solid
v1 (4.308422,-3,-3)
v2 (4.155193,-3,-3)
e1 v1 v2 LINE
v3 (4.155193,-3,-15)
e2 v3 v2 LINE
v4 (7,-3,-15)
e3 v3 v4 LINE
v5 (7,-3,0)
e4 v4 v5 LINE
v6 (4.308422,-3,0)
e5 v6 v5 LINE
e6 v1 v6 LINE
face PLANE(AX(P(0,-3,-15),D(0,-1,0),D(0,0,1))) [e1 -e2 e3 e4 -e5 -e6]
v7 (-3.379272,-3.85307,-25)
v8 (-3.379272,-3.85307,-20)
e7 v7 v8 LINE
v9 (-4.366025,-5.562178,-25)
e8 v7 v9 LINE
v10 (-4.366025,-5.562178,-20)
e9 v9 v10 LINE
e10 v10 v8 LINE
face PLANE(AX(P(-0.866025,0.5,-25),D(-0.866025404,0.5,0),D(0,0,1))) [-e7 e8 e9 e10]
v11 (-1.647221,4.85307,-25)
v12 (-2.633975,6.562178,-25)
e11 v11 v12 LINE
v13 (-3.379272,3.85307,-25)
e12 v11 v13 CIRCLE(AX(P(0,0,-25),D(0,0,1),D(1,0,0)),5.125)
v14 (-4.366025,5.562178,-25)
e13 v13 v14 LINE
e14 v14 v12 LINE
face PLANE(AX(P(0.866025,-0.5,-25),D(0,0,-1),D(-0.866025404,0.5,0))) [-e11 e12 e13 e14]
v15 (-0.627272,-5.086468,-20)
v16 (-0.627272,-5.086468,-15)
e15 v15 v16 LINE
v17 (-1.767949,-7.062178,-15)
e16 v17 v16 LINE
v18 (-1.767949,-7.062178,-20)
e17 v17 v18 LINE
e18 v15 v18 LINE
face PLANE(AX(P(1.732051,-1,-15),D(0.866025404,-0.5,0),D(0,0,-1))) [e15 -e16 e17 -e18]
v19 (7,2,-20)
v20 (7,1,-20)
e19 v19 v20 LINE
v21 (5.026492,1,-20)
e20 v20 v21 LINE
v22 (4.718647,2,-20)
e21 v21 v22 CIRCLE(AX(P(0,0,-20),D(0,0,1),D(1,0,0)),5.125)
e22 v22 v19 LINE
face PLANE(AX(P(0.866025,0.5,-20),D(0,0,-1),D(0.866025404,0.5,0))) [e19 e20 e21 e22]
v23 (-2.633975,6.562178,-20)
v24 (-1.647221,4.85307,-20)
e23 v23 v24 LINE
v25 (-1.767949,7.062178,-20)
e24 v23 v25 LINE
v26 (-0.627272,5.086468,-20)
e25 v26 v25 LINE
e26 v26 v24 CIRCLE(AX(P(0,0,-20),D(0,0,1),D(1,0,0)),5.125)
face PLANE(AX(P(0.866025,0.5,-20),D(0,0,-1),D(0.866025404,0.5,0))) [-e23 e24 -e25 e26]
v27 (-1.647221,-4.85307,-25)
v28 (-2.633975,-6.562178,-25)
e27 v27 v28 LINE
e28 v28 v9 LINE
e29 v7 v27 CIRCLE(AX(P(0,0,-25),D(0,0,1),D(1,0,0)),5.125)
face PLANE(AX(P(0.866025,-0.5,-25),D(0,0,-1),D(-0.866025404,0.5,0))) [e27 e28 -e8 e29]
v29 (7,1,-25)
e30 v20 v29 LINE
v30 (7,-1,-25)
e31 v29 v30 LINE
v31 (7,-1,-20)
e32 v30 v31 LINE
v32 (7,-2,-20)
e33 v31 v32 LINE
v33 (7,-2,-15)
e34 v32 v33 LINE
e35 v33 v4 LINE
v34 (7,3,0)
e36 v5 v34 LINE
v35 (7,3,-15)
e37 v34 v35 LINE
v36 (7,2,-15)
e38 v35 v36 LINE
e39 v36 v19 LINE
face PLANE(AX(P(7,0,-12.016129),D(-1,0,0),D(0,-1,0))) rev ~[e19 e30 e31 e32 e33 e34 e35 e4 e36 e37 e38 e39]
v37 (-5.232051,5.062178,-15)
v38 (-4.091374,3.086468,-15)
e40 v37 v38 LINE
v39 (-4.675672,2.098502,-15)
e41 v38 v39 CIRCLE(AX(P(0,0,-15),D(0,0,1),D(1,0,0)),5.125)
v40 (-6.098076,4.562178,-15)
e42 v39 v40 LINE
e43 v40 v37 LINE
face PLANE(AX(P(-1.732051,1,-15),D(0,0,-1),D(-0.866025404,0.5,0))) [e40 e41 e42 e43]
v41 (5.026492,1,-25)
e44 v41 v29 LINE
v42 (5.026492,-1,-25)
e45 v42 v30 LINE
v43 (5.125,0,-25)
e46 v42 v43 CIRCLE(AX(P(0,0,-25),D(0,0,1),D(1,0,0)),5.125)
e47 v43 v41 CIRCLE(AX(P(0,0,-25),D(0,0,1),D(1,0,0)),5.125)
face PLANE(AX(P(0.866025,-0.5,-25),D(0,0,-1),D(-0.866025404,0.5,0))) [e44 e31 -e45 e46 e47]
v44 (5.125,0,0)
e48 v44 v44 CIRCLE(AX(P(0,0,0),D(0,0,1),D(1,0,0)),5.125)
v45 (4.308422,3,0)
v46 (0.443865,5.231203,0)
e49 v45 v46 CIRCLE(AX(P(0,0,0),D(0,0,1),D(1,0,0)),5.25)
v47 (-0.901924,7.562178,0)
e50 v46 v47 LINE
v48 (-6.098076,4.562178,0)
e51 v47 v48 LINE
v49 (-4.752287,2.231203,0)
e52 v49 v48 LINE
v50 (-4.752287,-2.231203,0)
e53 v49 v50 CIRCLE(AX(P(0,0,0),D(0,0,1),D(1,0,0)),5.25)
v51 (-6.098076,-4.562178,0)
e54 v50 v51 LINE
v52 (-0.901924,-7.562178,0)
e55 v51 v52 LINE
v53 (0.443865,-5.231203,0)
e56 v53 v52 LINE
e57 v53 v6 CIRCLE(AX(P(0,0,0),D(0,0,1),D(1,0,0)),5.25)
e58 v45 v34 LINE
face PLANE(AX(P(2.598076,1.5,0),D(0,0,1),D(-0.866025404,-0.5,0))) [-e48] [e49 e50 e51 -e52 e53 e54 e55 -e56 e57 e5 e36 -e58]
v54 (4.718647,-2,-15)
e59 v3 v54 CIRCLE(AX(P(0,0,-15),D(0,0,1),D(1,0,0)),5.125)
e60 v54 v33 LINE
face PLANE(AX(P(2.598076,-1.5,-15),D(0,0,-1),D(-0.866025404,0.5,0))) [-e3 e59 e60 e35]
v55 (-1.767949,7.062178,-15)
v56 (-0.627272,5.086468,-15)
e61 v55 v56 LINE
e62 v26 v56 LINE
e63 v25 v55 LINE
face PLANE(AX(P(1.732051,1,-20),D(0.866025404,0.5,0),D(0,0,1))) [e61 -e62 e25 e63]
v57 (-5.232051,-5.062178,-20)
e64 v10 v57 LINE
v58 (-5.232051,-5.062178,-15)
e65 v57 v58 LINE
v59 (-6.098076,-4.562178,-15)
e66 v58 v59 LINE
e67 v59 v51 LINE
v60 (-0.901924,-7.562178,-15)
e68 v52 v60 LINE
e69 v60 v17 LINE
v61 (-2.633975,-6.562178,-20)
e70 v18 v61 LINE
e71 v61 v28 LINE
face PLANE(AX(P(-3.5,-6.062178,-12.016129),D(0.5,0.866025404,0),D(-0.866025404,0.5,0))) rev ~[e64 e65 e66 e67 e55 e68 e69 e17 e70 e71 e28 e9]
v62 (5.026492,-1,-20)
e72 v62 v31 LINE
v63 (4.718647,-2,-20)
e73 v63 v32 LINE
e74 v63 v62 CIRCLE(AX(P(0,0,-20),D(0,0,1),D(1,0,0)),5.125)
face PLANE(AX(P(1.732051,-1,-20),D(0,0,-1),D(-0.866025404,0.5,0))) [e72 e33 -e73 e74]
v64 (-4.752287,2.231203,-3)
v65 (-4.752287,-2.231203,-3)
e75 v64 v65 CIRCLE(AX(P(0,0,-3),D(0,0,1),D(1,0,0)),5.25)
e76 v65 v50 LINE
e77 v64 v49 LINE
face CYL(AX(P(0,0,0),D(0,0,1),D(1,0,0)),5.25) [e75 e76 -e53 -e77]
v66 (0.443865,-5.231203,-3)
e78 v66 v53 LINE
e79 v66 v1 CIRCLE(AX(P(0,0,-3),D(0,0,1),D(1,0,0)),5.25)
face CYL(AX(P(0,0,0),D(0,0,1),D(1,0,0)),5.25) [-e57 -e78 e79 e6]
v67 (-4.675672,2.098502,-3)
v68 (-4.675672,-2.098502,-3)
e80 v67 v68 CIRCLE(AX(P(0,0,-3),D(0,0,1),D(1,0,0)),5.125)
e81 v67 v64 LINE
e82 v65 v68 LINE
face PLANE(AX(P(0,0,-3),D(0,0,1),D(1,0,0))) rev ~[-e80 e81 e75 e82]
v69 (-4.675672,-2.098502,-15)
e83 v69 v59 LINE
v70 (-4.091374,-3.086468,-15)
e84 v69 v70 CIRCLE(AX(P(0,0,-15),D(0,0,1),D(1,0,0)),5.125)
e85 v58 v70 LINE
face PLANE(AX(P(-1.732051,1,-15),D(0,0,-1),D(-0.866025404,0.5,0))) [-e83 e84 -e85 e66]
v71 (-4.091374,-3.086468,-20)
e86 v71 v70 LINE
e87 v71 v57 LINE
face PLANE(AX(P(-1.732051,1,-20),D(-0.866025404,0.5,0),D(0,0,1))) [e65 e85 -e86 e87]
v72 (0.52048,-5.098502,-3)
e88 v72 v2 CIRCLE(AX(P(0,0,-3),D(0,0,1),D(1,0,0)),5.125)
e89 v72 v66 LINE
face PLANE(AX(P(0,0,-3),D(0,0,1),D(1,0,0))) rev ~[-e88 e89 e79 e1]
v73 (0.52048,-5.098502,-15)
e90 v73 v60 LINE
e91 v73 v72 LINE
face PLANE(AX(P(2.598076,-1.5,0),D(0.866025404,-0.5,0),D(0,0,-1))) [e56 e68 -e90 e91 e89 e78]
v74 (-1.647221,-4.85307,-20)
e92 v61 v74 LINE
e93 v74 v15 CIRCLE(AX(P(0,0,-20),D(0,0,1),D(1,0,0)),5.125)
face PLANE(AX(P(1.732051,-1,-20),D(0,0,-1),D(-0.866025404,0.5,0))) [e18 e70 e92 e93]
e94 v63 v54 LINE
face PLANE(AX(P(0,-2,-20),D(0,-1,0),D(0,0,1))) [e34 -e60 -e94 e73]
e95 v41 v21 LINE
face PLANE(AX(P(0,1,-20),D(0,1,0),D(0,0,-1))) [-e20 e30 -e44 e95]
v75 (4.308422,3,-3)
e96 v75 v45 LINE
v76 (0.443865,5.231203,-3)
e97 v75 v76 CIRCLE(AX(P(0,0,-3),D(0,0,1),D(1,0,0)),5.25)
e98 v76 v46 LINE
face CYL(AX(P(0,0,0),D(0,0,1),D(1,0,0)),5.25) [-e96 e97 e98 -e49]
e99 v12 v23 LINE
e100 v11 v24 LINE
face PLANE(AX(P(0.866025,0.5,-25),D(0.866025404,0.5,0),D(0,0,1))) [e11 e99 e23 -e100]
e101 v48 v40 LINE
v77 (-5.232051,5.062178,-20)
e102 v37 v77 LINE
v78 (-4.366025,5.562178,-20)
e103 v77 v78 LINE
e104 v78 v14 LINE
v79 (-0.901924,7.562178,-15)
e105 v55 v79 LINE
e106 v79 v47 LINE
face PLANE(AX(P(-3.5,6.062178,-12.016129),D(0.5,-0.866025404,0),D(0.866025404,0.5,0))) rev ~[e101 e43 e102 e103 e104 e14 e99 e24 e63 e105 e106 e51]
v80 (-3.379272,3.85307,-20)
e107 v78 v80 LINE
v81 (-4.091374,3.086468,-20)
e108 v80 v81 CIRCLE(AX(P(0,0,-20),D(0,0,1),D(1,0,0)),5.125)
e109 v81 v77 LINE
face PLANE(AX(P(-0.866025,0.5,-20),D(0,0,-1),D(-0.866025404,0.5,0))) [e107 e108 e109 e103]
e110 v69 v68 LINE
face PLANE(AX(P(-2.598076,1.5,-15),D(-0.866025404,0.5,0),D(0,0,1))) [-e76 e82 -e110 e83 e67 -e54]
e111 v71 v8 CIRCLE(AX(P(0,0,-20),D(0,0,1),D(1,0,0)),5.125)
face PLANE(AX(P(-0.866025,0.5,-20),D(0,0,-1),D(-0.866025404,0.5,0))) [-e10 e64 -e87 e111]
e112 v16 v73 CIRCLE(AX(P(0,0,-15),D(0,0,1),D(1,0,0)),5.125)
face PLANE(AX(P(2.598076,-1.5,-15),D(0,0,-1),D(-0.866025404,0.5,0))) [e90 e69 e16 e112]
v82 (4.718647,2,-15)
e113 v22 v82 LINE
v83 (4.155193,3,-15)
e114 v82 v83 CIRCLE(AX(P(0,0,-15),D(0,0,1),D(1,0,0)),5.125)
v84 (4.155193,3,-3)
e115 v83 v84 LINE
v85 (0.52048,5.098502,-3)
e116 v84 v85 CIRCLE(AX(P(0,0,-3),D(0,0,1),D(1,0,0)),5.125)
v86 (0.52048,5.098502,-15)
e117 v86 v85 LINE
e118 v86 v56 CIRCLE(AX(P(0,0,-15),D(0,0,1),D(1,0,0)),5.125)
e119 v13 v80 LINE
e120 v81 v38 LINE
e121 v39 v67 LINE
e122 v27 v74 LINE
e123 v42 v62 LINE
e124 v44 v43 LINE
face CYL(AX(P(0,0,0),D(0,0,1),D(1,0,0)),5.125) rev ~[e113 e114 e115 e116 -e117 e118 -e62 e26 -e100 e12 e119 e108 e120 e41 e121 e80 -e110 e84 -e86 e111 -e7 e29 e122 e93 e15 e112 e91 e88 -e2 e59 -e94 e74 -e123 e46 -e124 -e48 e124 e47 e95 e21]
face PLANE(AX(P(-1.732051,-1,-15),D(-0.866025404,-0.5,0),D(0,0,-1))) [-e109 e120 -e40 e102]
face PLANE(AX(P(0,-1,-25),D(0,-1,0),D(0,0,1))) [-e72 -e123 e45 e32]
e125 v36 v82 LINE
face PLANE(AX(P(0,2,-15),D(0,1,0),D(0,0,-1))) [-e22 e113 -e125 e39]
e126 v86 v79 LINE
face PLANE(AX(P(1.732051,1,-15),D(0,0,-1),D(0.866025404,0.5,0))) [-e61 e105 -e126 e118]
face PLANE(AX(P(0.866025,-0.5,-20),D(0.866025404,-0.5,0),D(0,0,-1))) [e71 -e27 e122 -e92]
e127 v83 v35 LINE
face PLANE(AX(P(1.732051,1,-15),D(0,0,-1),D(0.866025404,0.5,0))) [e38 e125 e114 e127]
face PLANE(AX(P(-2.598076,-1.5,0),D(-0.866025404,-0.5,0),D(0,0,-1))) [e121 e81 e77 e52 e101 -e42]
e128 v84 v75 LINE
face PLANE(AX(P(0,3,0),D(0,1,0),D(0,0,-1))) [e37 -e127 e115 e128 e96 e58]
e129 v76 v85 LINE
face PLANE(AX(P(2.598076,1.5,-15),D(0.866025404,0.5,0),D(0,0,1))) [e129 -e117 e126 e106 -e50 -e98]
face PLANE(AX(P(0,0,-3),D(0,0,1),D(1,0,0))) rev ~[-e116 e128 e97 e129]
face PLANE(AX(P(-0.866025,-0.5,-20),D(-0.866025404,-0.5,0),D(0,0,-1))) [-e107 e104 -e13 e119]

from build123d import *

# Parameters (mm, degrees)
PAD002_DEPTH    = 7
PAD003_DEPTH    = 7
PAD004_DEPTH    = 7
SKETCH011_R     = 5.25
PAD005_DEPTH    = 3
SKETCH012_R     = 5.125
POCKET002_DEPTH = 25.001


with BuildPart() as part:
    # Sketch008 (on DatumPlane) → Pad002 (new body)
    with BuildSketch(Plane(origin=(0, 0, 0), x_dir=(-0.8660254038, -0.5, 0), z_dir=(-0.5, 0.8660254038, 0))):
        Polygon((-3, 0), (3, 0), (3, -15), (2, -15), (2, -20), (1, -20), (1, -25), (-1, -25), (-1, -20), (-2, -20), (-2, -15), (-3, -15), align=None)
    extrude(amount=PAD002_DEPTH)

    # Sketch009 (on DatumPlane) → Pad003 (join)
    with BuildSketch(Plane(origin=(0, 0, 0), x_dir=(0.8660254038, -0.5, 0), z_dir=(-0.5, -0.8660254038, 0))):
        Polygon((-3, 0), (3, 0), (3, -15), (2, -15), (2, -20), (1, -20), (1, -25), (-1, -25), (-1, -20), (-2, -20), (-2, -15), (-3, -15), align=None)
    extrude(amount=PAD003_DEPTH)

    # Sketch010 → Pad004 (join)
    with BuildSketch(Plane.YZ):
        Polygon((-3, 0), (3, 0), (3, -15), (2, -15), (2, -20), (1, -20), (1, -25), (-1, -25), (-1, -20), (-2, -20), (-2, -15), (-3, -15), align=None)
    extrude(amount=PAD004_DEPTH)

    # Sketch011 → Pad005 (join)
    with BuildSketch(Plane.XY):
        Circle(SKETCH011_R)
    extrude(amount=-PAD005_DEPTH)

    # Sketch012 → Pocket002 (cut, through all)
    with BuildSketch(Plane.XY):
        Circle(SKETCH012_R)
    extrude(amount=-POCKET002_DEPTH, mode=Mode.SUBTRACT)


solid = part.part
